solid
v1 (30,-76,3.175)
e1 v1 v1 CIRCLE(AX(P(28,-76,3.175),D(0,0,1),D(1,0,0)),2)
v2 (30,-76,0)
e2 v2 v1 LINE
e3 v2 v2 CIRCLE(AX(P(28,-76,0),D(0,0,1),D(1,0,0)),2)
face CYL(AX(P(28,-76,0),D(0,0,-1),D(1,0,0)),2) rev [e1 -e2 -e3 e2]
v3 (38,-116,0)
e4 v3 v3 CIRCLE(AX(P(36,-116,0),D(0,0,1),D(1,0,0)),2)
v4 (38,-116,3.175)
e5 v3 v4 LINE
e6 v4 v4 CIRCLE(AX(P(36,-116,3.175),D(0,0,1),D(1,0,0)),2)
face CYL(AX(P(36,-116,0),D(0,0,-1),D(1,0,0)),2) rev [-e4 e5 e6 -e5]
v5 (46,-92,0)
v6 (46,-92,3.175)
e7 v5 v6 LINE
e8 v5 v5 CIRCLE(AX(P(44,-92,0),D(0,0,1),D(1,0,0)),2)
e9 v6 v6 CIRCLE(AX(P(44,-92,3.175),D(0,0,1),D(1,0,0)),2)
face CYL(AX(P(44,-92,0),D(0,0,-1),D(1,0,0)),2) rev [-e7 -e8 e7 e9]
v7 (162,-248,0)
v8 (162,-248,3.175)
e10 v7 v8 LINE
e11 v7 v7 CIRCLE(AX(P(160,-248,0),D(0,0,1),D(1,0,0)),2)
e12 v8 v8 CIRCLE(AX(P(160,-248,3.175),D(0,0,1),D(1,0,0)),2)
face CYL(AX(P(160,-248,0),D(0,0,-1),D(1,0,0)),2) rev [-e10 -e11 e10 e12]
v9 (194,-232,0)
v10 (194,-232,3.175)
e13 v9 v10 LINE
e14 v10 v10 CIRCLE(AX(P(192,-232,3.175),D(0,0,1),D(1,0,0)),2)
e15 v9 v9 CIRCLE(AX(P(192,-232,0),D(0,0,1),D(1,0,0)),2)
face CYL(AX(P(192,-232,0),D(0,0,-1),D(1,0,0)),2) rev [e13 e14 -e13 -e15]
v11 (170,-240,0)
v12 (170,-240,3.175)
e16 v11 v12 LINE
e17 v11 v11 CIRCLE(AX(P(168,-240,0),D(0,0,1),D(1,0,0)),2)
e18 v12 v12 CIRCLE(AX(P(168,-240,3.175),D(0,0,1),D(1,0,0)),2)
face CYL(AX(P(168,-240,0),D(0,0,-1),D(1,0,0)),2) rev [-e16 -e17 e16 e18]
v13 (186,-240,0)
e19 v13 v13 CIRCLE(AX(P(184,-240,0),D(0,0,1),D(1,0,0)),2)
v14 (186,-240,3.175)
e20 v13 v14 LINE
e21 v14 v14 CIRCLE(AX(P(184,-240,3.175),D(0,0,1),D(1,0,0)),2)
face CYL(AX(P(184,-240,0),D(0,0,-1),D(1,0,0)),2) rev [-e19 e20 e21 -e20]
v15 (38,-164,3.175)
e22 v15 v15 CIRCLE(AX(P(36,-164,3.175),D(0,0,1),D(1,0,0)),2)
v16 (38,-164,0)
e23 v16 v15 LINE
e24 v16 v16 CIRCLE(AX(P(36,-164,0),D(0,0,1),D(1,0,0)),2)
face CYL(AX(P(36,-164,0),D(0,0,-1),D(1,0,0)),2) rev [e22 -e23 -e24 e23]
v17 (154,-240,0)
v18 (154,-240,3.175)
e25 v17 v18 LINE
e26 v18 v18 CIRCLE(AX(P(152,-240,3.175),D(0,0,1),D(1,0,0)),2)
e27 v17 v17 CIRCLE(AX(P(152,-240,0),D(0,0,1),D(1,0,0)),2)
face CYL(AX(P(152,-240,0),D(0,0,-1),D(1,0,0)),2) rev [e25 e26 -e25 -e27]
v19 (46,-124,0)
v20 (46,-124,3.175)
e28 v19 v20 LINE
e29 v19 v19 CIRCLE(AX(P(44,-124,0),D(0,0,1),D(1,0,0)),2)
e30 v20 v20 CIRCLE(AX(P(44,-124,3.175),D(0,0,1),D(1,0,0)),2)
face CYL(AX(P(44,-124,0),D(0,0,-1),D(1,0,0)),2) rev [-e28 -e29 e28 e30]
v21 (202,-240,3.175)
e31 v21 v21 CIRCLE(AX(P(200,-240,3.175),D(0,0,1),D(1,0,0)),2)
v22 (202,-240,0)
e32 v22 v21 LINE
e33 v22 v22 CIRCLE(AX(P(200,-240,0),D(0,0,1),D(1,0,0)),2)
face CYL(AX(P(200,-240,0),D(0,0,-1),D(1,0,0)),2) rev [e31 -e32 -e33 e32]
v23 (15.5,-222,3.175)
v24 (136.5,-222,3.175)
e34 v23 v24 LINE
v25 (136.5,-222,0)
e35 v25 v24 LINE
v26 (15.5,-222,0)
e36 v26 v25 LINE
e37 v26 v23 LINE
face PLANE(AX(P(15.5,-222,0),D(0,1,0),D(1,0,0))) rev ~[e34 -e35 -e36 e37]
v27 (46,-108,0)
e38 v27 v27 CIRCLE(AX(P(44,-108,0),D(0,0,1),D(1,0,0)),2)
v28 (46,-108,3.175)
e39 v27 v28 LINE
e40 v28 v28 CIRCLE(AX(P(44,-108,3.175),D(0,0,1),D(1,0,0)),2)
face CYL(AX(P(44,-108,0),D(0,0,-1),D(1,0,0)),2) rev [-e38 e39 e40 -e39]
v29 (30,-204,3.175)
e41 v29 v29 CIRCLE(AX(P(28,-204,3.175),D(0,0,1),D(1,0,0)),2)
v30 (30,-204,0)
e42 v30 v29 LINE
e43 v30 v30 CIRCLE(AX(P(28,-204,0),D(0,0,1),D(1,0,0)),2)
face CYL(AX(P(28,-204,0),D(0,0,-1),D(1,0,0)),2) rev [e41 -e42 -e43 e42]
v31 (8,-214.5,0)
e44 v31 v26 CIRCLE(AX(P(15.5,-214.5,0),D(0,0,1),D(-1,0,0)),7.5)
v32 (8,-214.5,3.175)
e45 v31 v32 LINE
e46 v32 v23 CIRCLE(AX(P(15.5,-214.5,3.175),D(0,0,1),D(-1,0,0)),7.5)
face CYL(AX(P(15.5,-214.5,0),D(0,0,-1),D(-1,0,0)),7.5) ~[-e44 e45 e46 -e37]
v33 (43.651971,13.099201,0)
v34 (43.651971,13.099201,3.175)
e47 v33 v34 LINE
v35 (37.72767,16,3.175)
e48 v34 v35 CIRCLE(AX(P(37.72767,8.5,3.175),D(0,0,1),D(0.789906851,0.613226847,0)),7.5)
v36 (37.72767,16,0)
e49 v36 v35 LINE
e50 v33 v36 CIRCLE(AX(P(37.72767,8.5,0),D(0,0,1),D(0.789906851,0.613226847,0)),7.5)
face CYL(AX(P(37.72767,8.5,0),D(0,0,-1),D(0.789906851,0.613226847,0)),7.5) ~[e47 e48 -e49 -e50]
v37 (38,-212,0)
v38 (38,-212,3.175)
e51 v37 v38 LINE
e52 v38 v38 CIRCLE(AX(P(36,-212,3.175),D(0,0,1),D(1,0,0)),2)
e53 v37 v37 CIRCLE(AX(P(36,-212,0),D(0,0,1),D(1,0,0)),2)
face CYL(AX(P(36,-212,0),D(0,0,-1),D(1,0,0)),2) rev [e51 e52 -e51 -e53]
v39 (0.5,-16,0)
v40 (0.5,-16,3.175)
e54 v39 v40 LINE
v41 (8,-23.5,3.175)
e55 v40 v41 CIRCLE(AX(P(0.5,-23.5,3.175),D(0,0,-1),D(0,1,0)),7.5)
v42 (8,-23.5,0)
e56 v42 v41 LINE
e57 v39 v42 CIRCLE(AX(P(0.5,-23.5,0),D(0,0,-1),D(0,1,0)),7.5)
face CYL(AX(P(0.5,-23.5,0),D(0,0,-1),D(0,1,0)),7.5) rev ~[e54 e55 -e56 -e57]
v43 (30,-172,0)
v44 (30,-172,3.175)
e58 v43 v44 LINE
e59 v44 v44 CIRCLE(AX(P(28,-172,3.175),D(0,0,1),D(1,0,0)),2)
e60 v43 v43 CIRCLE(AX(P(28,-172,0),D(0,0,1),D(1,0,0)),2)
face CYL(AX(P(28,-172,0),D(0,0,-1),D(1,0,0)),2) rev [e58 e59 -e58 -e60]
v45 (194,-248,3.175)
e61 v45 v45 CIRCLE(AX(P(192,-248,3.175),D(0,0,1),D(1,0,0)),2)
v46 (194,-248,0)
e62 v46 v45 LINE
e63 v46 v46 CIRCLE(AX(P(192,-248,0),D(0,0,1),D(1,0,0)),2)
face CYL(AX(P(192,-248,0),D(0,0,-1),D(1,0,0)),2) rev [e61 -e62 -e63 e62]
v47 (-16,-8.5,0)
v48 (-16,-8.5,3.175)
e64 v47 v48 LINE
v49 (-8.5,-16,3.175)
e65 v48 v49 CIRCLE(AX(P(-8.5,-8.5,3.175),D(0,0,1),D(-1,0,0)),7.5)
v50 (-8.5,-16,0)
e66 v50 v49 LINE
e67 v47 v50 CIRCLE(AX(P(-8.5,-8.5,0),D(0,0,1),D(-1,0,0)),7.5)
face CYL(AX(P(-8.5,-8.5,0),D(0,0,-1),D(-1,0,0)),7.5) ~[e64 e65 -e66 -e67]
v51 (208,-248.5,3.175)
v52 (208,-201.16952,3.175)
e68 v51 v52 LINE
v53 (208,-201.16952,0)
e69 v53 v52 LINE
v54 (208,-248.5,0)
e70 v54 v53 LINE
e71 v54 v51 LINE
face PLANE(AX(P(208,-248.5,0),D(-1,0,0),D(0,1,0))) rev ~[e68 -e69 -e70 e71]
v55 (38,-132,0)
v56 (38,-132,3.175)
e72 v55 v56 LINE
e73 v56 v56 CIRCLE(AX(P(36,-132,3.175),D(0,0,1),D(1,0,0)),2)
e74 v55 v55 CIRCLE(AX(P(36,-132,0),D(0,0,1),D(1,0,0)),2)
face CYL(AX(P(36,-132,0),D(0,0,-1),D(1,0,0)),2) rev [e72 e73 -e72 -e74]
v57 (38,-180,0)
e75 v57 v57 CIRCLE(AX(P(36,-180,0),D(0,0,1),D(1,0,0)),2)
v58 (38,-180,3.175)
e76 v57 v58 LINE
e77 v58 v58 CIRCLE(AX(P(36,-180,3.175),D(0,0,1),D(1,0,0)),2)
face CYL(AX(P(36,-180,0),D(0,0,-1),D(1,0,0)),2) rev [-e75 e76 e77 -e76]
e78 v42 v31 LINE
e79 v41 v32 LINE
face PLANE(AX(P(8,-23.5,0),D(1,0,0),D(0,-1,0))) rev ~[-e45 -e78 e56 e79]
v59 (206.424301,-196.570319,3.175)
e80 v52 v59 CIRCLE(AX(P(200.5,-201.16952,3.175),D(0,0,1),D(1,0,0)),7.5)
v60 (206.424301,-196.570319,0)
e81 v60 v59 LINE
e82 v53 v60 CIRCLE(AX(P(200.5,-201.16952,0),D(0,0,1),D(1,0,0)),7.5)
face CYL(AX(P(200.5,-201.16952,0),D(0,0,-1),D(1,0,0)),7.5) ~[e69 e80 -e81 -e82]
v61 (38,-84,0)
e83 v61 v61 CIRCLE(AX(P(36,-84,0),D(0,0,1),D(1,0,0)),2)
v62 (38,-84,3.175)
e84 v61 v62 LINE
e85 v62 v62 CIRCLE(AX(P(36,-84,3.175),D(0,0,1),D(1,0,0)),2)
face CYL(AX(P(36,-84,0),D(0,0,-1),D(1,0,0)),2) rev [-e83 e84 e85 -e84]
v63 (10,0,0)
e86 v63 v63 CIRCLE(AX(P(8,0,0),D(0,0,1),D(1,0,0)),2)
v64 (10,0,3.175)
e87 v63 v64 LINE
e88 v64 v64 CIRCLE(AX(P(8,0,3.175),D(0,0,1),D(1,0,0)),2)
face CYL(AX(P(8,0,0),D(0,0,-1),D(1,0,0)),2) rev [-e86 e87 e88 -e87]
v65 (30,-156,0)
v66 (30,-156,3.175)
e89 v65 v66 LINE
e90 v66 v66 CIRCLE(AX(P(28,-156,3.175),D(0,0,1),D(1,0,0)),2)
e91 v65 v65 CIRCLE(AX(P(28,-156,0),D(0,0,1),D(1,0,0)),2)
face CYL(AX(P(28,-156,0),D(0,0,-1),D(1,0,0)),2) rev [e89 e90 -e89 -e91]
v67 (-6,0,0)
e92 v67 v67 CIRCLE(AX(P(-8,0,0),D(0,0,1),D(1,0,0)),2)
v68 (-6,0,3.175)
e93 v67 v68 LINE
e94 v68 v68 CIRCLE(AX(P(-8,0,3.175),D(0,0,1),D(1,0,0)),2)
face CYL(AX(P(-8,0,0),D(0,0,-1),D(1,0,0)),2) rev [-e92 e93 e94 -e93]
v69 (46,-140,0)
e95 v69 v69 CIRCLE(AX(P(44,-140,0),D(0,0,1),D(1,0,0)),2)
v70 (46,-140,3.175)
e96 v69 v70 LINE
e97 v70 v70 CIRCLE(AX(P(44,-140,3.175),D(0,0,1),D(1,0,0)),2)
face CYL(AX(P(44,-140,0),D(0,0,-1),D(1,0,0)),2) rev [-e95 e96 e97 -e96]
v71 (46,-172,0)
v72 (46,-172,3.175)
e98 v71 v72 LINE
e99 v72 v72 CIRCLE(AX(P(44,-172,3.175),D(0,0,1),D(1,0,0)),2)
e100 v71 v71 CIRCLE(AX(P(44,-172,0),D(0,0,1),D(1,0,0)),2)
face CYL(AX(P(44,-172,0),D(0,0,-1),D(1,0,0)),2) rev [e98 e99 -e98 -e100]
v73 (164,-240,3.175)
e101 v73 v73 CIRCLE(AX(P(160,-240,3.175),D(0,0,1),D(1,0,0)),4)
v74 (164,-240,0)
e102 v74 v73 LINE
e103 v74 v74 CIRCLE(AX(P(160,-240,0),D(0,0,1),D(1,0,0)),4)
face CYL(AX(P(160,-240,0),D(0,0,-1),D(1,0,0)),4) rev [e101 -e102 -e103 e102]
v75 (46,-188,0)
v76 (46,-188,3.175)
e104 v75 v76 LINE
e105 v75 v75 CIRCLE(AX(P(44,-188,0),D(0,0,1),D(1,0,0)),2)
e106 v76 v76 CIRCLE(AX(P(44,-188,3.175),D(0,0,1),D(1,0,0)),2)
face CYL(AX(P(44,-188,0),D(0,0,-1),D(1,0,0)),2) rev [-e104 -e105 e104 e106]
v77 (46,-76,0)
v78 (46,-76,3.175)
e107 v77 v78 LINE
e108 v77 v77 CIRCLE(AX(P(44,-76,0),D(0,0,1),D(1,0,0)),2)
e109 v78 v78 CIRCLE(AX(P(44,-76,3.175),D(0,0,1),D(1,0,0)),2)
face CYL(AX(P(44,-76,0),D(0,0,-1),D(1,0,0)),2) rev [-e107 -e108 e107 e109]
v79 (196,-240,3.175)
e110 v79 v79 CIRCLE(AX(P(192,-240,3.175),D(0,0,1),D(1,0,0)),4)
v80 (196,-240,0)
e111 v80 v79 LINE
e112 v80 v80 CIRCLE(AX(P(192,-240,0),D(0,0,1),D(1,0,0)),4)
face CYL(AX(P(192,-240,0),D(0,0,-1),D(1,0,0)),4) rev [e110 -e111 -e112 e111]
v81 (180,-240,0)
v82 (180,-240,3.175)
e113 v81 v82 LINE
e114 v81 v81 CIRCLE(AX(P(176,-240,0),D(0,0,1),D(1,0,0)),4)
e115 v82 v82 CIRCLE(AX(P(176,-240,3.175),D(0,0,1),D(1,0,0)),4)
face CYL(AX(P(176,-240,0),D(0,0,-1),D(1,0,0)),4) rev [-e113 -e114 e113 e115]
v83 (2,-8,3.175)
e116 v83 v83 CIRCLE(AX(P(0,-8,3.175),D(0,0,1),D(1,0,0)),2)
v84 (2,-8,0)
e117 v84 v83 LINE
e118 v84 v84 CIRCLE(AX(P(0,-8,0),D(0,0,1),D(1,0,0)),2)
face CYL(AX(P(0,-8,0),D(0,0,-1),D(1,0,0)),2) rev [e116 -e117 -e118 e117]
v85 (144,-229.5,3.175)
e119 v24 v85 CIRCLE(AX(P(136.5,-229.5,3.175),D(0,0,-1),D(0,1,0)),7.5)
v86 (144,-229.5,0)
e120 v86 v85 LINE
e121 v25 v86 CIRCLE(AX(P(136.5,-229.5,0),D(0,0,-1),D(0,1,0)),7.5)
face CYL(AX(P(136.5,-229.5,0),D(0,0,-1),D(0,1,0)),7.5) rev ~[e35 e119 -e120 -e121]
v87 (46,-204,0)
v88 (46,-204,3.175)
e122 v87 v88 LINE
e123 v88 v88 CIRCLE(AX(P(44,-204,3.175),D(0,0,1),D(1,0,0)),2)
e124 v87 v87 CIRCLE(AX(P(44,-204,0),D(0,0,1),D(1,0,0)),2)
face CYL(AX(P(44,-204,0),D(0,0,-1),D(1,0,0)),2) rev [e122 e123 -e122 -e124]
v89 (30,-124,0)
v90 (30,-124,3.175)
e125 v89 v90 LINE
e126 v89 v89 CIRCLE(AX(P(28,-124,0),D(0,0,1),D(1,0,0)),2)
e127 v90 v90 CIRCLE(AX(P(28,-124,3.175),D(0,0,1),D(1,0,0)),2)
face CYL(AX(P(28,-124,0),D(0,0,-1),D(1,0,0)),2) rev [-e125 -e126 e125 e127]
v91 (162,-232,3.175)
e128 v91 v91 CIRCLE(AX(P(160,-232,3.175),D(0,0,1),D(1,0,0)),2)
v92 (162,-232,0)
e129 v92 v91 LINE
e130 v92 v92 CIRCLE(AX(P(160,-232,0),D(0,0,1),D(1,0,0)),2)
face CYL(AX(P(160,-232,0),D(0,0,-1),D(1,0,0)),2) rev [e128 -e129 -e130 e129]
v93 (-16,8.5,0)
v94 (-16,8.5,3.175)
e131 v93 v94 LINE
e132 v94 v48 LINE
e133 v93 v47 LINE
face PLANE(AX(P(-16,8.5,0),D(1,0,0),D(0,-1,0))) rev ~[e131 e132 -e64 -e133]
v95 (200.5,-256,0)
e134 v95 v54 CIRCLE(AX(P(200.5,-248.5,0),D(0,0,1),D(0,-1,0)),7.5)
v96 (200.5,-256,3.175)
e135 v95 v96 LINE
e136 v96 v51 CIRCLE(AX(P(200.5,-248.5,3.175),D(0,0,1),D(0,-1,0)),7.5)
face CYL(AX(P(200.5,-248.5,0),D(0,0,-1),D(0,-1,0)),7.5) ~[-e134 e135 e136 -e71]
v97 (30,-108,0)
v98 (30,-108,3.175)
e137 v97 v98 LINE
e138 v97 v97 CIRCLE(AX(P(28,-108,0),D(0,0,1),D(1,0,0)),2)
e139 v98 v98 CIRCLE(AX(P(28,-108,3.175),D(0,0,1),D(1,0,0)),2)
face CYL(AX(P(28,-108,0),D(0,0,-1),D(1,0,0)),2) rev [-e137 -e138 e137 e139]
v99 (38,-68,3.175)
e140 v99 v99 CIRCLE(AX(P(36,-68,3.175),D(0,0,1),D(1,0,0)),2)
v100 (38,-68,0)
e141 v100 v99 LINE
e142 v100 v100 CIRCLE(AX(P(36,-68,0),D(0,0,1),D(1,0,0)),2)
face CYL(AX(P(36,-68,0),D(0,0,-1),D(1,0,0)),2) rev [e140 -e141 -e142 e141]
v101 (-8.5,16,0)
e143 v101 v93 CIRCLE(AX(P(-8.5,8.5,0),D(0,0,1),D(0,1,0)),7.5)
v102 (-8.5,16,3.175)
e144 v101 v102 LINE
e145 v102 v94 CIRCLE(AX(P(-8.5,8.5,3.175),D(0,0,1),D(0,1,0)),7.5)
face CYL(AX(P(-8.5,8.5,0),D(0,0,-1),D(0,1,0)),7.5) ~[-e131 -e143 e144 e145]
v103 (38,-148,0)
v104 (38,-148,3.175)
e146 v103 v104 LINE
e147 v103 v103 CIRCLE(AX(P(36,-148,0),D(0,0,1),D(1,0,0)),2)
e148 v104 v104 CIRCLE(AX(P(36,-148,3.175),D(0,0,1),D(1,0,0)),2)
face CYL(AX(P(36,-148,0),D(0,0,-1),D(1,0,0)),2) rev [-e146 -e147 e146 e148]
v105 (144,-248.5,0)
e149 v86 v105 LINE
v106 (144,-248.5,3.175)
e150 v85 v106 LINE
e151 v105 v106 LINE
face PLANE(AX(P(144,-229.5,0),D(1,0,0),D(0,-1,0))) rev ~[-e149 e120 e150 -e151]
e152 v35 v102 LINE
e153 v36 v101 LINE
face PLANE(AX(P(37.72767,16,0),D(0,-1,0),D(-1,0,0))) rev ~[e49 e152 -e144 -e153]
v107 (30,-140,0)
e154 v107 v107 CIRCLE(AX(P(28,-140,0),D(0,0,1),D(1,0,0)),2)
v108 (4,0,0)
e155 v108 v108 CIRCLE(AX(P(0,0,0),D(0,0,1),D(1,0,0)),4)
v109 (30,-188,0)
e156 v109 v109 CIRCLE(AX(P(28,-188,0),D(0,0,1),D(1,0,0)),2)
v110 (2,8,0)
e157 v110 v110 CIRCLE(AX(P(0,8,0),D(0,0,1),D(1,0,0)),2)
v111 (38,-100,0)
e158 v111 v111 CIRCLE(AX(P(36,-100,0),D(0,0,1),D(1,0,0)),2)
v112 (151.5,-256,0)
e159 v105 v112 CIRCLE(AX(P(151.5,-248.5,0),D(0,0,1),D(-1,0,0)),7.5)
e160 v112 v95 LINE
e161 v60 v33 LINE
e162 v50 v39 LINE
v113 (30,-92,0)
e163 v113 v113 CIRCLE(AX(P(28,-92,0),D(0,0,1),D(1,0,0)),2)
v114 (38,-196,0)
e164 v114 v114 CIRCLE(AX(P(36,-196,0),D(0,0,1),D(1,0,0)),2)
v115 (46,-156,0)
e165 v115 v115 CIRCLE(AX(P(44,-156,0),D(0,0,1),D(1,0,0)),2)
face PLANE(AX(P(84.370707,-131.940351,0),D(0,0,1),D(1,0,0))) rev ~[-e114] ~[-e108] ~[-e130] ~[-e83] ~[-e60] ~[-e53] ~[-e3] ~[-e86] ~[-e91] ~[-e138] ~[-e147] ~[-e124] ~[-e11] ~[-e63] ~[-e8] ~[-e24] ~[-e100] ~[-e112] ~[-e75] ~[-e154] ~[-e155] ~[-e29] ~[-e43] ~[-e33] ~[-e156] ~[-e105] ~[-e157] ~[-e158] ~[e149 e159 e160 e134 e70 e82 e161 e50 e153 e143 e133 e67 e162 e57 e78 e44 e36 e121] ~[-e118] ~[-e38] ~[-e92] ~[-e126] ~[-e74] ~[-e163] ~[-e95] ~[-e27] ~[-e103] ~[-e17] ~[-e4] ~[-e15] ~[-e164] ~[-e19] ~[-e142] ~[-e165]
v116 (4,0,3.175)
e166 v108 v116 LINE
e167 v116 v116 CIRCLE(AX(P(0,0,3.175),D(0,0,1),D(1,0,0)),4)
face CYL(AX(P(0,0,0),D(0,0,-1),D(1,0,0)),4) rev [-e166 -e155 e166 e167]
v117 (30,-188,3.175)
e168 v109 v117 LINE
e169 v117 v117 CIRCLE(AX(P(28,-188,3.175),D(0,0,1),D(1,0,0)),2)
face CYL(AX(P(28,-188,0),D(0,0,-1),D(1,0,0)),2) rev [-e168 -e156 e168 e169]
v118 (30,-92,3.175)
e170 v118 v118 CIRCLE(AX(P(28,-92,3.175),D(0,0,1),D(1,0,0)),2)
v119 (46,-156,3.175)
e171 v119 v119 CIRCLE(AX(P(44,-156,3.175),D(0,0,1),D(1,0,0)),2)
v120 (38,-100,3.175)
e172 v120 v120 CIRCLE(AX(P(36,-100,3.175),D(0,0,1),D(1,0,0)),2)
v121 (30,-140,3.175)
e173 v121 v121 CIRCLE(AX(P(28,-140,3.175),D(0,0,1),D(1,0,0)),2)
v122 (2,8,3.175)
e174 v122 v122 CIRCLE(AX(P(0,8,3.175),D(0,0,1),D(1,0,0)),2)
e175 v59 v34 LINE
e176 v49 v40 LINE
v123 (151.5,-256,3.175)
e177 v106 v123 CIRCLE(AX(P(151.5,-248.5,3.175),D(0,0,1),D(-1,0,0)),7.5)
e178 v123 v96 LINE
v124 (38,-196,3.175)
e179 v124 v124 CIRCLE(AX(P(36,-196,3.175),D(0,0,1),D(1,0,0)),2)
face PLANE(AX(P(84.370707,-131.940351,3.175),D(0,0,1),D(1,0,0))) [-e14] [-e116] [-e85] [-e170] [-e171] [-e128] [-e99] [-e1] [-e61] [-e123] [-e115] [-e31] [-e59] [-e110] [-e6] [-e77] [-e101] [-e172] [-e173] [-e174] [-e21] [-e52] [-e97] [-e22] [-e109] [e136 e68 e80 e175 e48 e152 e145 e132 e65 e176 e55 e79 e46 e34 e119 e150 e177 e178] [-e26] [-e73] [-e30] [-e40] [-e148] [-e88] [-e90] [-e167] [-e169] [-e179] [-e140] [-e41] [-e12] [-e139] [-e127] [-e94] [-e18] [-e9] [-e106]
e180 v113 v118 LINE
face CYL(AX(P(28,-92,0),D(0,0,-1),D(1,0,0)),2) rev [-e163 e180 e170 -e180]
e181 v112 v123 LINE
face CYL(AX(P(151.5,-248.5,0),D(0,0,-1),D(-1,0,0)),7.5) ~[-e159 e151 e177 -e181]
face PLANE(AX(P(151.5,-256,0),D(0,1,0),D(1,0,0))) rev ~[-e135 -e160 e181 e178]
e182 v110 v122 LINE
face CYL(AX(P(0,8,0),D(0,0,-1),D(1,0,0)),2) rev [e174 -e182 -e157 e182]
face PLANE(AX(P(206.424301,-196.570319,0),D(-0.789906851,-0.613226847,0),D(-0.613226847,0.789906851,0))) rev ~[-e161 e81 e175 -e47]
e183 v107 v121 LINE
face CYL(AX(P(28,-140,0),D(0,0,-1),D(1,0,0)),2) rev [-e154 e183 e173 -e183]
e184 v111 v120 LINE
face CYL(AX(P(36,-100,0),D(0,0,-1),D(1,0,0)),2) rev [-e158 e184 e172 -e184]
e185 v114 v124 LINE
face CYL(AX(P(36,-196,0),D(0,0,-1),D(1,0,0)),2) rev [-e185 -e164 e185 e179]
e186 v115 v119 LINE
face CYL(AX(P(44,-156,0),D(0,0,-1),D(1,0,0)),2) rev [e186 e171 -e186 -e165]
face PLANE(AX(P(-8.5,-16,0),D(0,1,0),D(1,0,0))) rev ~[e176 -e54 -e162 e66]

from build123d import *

# Parameters (mm, degrees)
SKETCH1_R           = 4
SKETCH1_R_2         = 2
BOSS_EXTRUDE1_DEPTH = 3.175


with BuildPart() as part:
    # Sketch1 → Boss-Extrude1 (new body)
    with BuildSketch(Plane.XY):
        with BuildLine():
            Line((144, -229.5), (144, -248.5))
            ThreePointArc((144, -248.5), (146.196699141, -253.803300859), (151.5, -256))
            Line((151.5, -256), (200.5, -256))
            ThreePointArc((200.5, -256), (205.803300859, -253.803300859), (208, -248.5))
            Line((208, -248.5), (208, -201.169519945))
            ThreePointArc((208, -201.169519945), (207.595148356, -198.73870325), (206.424301385, -196.570318591))
            Line((206.424301385, -196.570318591), (43.651971362, 13.099201355))
            ThreePointArc((43.651971362, 13.099201355), (41.025850524, 15.235874485), (37.727669977, 16))
            Line((37.727669977, 16), (-8.5, 16))
            ThreePointArc((-8.5, 16), (-13.803300859, 13.803300859), (-16, 8.5))
            Line((-16, 8.5), (-16, -8.5))
            ThreePointArc((-16, -8.5), (-13.803300859, -13.803300859), (-8.5, -16))
            Line((-8.5, -16), (0.5, -16))
            ThreePointArc((0.5, -16), (5.803300859, -18.196699141), (8, -23.5))
            Line((8, -23.5), (8, -214.5))
            ThreePointArc((8, -214.5), (10.196699141, -219.803300859), (15.5, -222))
            Line((15.5, -222), (136.5, -222))
            ThreePointArc((136.5, -222), (141.803300859, -224.196699141), (144, -229.5))
        make_face()
        Circle(SKETCH1_R, mode=Mode.SUBTRACT)
        with Locations((0, 8)):
            Circle(SKETCH1_R_2, mode=Mode.SUBTRACT)
        with Locations((160, -240)):
            Circle(SKETCH1_R, mode=Mode.SUBTRACT)
        with Locations((176, -240)):
            Circle(SKETCH1_R, mode=Mode.SUBTRACT)
        with Locations((160, -232)):
            Circle(SKETCH1_R_2, mode=Mode.SUBTRACT)
        with Locations((168, -240)):
            Circle(SKETCH1_R_2, mode=Mode.SUBTRACT)
        with Locations((160, -248)):
            Circle(SKETCH1_R_2, mode=Mode.SUBTRACT)
        with Locations((152, -240)):
            Circle(SKETCH1_R_2, mode=Mode.SUBTRACT)
        with Locations((200, -240)):
            Circle(SKETCH1_R_2, mode=Mode.SUBTRACT)
        with Locations((192, -248)):
            Circle(SKETCH1_R_2, mode=Mode.SUBTRACT)
        with Locations((192, -240)):
            Circle(SKETCH1_R, mode=Mode.SUBTRACT)
        with Locations((184, -240)):
            Circle(SKETCH1_R_2, mode=Mode.SUBTRACT)
        with Locations((192, -232)):
            Circle(SKETCH1_R_2, mode=Mode.SUBTRACT)
        with Locations((8, 0)):
            Circle(SKETCH1_R_2, mode=Mode.SUBTRACT)
        with Locations((0, -8)):
            Circle(SKETCH1_R_2, mode=Mode.SUBTRACT)
        with Locations((-8, 0)):
            Circle(SKETCH1_R_2, mode=Mode.SUBTRACT)
        with Locations((36, -212)):
            Circle(SKETCH1_R_2, mode=Mode.SUBTRACT)
        with Locations((28, -204)):
            Circle(SKETCH1_R_2, mode=Mode.SUBTRACT)
        with Locations((36, -196)):
            Circle(SKETCH1_R_2, mode=Mode.SUBTRACT)
        with Locations((44, -204)):
            Circle(SKETCH1_R_2, mode=Mode.SUBTRACT)
        with Locations((44, -188)):
            Circle(SKETCH1_R_2, mode=Mode.SUBTRACT)
        with Locations((36, -180)):
            Circle(SKETCH1_R_2, mode=Mode.SUBTRACT)
        with Locations((28, -188)):
            Circle(SKETCH1_R_2, mode=Mode.SUBTRACT)
        with Locations((44, -172)):
            Circle(SKETCH1_R_2, mode=Mode.SUBTRACT)
        with Locations((36, -164)):
            Circle(SKETCH1_R_2, mode=Mode.SUBTRACT)
        with Locations((28, -172)):
            Circle(SKETCH1_R_2, mode=Mode.SUBTRACT)
        with Locations((44, -156)):
            Circle(SKETCH1_R_2, mode=Mode.SUBTRACT)
        with Locations((36, -148)):
            Circle(SKETCH1_R_2, mode=Mode.SUBTRACT)
        with Locations((28, -156)):
            Circle(SKETCH1_R_2, mode=Mode.SUBTRACT)
        with Locations((44, -140)):
            Circle(SKETCH1_R_2, mode=Mode.SUBTRACT)
        with Locations((36, -132)):
            Circle(SKETCH1_R_2, mode=Mode.SUBTRACT)
        with Locations((28, -140)):
            Circle(SKETCH1_R_2, mode=Mode.SUBTRACT)
        with Locations((44, -124)):
            Circle(SKETCH1_R_2, mode=Mode.SUBTRACT)
        with Locations((36, -116)):
            Circle(SKETCH1_R_2, mode=Mode.SUBTRACT)
        with Locations((28, -124)):
            Circle(SKETCH1_R_2, mode=Mode.SUBTRACT)
        with Locations((44, -108)):
            Circle(SKETCH1_R_2, mode=Mode.SUBTRACT)
        with Locations((36, -100)):
            Circle(SKETCH1_R_2, mode=Mode.SUBTRACT)
        with Locations((28, -108)):
            Circle(SKETCH1_R_2, mode=Mode.SUBTRACT)
        with Locations((44, -92)):
            Circle(SKETCH1_R_2, mode=Mode.SUBTRACT)
        with Locations((36, -84)):
            Circle(SKETCH1_R_2, mode=Mode.SUBTRACT)
        with Locations((28, -92)):
            Circle(SKETCH1_R_2, mode=Mode.SUBTRACT)
        with Locations((44, -76)):
            Circle(SKETCH1_R_2, mode=Mode.SUBTRACT)
        with Locations((36, -68)):
            Circle(SKETCH1_R_2, mode=Mode.SUBTRACT)
        with Locations((28, -76)):
            Circle(SKETCH1_R_2, mode=Mode.SUBTRACT)
    extrude(amount=BOSS_EXTRUDE1_DEPTH)


solid = part.part
